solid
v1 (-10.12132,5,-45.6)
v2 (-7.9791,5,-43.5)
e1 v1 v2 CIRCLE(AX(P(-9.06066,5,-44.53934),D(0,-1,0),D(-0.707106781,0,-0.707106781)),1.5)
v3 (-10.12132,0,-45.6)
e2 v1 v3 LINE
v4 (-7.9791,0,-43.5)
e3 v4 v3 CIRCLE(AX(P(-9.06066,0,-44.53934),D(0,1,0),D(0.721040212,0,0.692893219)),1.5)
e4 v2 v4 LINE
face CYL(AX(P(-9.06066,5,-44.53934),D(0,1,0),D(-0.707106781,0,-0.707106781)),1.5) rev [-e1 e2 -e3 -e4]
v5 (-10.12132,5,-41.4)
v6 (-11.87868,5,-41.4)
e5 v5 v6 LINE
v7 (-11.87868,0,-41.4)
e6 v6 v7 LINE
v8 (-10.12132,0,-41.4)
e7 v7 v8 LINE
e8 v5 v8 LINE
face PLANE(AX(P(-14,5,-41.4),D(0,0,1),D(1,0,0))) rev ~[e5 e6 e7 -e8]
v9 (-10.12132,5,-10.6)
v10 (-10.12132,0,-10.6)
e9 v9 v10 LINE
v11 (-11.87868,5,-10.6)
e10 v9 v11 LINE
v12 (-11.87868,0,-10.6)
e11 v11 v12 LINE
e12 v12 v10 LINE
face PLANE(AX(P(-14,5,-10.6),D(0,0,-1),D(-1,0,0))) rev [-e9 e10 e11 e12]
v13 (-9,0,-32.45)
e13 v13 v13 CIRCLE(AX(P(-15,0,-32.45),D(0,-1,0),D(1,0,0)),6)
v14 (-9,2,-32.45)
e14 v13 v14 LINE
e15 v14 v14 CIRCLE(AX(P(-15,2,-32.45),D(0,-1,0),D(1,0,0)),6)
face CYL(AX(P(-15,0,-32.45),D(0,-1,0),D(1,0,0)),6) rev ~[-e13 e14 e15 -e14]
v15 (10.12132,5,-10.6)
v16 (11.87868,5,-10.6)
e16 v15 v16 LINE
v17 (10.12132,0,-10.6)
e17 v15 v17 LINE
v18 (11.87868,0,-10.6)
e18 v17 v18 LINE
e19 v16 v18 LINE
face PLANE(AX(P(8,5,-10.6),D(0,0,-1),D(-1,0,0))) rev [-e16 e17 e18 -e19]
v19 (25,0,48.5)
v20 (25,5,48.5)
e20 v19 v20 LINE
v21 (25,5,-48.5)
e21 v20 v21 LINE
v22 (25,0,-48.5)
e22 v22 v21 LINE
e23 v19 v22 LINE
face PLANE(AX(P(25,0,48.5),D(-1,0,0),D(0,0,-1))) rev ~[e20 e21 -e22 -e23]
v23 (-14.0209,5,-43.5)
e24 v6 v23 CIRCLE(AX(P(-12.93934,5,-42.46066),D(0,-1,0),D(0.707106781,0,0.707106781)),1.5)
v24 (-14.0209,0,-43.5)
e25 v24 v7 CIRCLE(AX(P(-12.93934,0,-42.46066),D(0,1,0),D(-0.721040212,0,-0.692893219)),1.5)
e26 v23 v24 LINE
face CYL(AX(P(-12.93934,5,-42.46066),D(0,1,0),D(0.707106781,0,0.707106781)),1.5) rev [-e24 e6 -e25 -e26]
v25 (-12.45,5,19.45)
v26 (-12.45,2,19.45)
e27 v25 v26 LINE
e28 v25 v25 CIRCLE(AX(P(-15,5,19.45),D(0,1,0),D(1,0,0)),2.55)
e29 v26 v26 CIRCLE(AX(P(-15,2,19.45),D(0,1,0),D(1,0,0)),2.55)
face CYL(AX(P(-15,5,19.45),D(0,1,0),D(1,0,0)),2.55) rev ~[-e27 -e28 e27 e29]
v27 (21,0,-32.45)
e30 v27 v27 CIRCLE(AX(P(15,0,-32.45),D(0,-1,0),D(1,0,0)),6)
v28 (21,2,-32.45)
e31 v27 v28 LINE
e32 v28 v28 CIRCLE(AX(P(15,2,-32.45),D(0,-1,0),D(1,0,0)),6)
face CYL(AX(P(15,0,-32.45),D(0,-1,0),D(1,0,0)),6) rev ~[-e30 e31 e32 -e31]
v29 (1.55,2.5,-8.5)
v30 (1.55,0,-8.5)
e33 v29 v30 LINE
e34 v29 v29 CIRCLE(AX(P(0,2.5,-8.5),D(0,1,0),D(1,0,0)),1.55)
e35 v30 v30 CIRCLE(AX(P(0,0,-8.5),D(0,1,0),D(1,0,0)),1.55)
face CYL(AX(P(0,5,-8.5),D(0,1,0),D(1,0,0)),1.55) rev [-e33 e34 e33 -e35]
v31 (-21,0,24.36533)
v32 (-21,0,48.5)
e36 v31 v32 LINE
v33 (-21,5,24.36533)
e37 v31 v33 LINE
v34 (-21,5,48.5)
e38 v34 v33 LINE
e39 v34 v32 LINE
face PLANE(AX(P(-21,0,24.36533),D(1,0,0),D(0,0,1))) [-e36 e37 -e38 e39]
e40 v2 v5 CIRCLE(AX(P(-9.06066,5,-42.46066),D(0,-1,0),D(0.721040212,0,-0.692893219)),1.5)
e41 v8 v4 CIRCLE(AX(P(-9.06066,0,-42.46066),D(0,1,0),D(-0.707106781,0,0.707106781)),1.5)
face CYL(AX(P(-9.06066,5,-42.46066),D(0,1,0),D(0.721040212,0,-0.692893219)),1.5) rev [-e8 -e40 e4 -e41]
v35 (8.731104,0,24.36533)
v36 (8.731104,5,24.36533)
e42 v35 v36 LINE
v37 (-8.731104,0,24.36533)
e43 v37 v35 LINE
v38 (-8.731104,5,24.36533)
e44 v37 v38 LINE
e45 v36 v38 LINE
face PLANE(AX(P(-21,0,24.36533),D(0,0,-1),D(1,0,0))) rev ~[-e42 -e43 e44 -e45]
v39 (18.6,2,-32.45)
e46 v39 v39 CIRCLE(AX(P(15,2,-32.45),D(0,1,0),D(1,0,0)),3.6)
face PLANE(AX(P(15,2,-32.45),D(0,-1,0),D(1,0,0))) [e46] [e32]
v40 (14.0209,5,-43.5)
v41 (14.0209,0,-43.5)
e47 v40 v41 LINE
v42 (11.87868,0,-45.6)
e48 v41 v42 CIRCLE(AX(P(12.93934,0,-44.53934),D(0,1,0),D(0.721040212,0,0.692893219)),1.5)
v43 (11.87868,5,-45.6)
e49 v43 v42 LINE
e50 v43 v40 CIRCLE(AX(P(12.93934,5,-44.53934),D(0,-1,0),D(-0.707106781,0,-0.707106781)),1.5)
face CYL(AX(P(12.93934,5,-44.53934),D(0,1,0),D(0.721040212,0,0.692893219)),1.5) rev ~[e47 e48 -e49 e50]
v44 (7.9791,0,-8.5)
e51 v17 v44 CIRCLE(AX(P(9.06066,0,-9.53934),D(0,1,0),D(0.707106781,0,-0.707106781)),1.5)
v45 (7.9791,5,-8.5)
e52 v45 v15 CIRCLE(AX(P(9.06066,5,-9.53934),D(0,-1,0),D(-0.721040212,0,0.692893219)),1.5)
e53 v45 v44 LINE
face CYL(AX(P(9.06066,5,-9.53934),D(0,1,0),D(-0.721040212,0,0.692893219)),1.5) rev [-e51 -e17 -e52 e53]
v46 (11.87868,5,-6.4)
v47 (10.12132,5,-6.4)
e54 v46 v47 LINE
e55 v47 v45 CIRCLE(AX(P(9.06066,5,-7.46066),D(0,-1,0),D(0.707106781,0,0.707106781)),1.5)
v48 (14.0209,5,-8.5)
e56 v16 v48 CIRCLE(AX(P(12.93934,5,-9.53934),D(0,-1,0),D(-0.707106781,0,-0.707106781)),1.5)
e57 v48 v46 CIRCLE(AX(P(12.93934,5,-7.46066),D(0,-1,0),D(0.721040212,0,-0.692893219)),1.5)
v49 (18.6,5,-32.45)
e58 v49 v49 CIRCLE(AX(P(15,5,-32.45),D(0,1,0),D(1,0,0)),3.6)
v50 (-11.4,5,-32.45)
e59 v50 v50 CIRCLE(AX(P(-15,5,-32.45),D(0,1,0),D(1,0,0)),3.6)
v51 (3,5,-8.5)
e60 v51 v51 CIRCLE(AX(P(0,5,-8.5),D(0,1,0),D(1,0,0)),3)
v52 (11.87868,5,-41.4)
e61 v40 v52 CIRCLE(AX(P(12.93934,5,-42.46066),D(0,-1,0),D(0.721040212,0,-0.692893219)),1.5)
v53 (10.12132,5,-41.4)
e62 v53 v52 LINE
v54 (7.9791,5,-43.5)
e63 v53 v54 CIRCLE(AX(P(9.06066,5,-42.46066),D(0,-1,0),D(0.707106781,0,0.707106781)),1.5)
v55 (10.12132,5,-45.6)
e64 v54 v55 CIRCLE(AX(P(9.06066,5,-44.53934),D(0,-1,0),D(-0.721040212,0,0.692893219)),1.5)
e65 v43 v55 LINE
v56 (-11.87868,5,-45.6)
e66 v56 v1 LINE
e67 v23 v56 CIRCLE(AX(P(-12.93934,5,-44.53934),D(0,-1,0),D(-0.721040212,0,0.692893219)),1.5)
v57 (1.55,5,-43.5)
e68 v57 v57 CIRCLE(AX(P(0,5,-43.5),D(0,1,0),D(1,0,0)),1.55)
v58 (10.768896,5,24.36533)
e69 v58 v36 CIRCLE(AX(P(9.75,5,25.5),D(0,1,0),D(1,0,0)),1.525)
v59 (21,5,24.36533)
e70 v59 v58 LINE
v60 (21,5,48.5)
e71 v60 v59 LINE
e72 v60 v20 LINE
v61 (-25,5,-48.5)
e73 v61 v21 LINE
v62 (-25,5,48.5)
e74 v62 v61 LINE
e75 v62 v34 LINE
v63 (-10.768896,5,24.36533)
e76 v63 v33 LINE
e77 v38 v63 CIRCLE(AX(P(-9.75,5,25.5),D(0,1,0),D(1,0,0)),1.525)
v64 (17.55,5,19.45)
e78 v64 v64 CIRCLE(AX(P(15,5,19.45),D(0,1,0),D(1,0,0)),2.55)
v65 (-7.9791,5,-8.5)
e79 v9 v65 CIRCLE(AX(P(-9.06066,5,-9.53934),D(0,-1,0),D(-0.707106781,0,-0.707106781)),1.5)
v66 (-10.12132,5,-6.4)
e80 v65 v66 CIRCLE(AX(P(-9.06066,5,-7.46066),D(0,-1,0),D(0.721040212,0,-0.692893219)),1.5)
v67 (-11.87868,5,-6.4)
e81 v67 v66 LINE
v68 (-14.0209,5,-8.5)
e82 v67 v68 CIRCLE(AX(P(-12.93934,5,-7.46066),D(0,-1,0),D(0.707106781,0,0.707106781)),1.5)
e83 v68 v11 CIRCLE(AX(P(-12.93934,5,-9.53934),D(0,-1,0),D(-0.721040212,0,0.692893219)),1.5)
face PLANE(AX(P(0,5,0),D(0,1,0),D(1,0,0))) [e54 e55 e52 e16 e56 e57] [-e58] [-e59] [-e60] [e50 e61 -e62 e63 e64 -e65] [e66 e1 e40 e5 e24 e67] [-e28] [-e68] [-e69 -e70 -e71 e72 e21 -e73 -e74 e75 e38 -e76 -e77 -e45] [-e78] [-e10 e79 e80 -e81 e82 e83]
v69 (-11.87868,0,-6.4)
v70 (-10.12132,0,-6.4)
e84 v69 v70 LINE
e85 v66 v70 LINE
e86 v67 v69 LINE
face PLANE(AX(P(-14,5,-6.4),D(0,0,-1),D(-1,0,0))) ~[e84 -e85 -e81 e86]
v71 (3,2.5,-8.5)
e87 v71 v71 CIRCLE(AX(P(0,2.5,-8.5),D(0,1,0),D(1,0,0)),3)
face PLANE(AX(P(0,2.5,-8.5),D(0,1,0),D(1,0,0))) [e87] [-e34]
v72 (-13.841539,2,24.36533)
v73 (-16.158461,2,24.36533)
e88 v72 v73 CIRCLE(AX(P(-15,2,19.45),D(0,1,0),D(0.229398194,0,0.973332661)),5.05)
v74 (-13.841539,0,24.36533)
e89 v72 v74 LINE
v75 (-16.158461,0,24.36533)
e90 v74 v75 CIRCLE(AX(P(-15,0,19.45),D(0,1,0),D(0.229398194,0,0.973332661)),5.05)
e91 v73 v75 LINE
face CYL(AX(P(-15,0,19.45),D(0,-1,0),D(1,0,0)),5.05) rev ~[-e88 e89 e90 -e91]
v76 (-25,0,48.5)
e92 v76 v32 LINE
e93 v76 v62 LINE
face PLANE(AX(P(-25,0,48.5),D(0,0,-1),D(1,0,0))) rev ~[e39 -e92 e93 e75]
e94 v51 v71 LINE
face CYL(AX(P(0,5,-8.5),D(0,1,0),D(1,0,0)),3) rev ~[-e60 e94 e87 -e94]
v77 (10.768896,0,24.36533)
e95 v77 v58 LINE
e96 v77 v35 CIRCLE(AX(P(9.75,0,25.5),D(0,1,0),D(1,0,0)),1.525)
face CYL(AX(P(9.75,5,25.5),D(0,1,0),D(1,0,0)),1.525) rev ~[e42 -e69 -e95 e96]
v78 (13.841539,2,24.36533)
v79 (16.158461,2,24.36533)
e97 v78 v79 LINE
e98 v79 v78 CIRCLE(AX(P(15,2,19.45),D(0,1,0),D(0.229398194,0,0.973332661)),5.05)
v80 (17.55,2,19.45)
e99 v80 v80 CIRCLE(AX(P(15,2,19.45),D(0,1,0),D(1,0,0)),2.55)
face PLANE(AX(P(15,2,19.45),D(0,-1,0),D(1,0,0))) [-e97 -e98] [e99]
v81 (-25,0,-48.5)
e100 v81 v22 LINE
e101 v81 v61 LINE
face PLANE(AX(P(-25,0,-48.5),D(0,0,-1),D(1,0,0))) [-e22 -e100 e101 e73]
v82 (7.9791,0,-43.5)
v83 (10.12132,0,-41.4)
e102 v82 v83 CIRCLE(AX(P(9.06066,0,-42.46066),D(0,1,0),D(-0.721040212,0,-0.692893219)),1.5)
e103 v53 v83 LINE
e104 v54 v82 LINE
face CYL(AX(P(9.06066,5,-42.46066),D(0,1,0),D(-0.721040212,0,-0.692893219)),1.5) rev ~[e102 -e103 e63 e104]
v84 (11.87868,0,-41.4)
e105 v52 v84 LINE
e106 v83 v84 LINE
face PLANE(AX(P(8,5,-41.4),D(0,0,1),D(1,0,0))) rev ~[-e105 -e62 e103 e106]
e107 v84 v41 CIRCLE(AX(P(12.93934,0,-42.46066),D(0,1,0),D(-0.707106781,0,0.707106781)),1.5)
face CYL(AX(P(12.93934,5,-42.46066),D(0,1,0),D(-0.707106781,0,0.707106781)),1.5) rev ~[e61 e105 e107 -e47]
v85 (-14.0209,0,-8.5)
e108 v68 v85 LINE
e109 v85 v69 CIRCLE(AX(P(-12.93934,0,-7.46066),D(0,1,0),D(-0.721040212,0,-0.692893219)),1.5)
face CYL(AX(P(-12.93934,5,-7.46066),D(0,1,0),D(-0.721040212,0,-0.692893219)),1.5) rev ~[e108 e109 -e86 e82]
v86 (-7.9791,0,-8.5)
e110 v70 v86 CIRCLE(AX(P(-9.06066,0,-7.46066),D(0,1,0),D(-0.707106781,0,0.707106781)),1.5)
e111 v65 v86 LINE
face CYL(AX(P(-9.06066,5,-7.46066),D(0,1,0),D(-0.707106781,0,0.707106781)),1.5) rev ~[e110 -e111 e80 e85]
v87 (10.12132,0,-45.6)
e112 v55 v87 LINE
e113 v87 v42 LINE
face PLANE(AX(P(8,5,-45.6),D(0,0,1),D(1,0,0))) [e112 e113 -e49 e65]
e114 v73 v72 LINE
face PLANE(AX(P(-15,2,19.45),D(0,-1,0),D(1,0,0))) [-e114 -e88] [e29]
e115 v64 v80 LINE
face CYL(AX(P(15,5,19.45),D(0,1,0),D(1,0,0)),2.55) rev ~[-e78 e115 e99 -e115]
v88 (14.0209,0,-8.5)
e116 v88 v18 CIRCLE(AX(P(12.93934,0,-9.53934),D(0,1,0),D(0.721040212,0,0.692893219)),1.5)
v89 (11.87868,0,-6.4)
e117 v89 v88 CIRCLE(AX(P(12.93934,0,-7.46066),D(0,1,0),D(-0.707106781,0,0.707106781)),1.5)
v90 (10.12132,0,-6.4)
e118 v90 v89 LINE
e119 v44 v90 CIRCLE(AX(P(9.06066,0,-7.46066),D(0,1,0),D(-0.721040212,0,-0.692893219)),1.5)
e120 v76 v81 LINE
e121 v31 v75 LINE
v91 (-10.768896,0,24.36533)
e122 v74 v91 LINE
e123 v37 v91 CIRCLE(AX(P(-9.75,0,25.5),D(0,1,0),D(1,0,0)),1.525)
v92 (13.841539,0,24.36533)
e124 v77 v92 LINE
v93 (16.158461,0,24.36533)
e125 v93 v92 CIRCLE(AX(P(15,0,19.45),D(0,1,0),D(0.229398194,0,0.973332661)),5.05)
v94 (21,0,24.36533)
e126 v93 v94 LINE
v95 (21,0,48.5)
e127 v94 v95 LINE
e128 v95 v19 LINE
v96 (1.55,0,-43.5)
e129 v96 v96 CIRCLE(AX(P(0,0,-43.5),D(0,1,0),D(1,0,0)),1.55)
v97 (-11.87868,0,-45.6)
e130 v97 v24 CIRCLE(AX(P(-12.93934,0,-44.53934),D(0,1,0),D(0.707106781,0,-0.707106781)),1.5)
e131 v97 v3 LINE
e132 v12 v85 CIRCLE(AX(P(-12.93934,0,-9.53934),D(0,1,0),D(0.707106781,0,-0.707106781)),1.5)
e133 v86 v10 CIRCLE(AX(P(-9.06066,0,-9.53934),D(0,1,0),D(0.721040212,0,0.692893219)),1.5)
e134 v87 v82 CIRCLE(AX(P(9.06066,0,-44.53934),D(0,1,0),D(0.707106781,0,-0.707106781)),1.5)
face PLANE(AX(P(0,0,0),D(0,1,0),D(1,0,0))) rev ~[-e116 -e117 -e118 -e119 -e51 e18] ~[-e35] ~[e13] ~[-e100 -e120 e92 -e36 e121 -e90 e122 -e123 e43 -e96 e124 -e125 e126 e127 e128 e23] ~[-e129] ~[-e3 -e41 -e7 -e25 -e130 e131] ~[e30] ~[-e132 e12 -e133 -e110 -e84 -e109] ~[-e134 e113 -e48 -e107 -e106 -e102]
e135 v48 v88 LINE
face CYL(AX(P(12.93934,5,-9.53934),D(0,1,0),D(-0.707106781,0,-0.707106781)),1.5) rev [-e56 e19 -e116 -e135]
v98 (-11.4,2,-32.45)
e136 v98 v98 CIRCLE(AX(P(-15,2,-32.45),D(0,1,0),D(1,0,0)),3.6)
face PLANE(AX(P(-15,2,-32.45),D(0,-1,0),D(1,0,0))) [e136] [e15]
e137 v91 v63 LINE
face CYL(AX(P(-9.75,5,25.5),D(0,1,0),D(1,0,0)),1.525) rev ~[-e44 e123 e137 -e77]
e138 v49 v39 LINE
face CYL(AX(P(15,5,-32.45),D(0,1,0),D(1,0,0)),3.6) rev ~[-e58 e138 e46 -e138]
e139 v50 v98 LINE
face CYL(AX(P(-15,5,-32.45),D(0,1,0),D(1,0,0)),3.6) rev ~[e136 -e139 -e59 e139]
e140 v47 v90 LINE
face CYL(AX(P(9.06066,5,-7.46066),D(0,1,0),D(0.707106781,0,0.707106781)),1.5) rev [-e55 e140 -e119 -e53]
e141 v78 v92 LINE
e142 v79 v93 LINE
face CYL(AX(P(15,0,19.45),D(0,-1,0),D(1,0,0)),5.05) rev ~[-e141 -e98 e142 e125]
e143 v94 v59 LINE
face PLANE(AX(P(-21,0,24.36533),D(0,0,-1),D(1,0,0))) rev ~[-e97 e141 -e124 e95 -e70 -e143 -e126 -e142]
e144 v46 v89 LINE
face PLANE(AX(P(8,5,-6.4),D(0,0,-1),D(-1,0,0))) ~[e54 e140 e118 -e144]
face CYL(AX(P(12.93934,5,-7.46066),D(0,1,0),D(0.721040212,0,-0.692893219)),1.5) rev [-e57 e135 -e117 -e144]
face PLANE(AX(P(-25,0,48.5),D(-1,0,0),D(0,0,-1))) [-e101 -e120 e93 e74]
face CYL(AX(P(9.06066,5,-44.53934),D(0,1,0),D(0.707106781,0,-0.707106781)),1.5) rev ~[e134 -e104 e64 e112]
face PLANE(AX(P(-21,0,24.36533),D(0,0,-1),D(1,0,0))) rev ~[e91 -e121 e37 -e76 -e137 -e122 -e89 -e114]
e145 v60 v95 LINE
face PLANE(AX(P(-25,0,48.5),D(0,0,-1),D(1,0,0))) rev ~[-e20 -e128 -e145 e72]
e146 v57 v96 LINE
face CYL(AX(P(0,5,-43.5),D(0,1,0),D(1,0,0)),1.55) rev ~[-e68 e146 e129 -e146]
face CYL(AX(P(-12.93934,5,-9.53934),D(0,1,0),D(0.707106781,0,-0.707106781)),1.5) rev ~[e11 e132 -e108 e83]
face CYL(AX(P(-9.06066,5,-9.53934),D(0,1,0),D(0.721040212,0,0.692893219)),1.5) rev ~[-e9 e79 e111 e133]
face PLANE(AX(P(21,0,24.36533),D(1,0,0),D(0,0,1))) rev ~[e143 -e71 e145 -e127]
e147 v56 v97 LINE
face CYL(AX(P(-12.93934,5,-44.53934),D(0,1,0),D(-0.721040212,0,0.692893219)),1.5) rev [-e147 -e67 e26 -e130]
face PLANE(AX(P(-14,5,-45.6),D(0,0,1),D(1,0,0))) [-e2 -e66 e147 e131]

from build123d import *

# Parameters (mm, degrees)
CROQUIS1_W              = 50
CROQUIS1_H              = 97
SALIENTE_EXTRUIR1_DEPTH = 5
CROQUIS2_R              = 3.6
CROQUIS2_R_2            = 2.55
CORTAR_EXTRUIR2_DEPTH   = 6
CROQUIS4_R              = 6
CROQUIS4_R_2            = 5.05
CORTAR_EXTRUIR3_DEPTH   = 2
CROQUIS5_R              = 1.55
CROQUIS5_W              = 6
CROQUIS5_H              = 4.2
CORTAR_EXTRUIR4_DEPTH   = 6
CORTAR_EXTRUIR6_DEPTH   = 6
CROQUIS14_R             = 3
CORTAR_EXTRUIR9_DEPTH   = 2.5
CROQUIS18_R             = 10.5
CROQUIS18_R_2           = 1.525
CORTAR_EXTRUIR10_DEPTH  = 6
CROQUIS20_W             = 42
CROQUIS20_H             = 25.956058456
CORTAR_EXTRUIR11_DEPTH  = 6


with BuildPart() as part:
    # Croquis1 → Saliente-Extruir1 (new body)
    with BuildSketch(Plane(origin=(0, 0, 0), x_dir=(1, 0, 0), z_dir=(0, 1, 0))):
        Rectangle(CROQUIS1_W, CROQUIS1_H)
    extrude(amount=SALIENTE_EXTRUIR1_DEPTH)

    # Croquis2 → Cortar-Extruir2 (cut, through all)
    with BuildSketch(Plane(origin=(0, 5, 0), x_dir=(1, 0, 0), z_dir=(0, 1, 0))):
        with Locations((-15, 32.45)):
            Circle(CROQUIS2_R)
        with Locations((15, 32.45)):
            Circle(CROQUIS2_R)
        with Locations((15, -19.45)):
            Circle(CROQUIS2_R_2)
        with Locations((-15, -19.45)):
            Circle(CROQUIS2_R_2)
    extrude(amount=-CORTAR_EXTRUIR2_DEPTH, mode=Mode.SUBTRACT)

    # Croquis4 → Cortar-Extruir3 (cut)
    with BuildSketch(Plane.XZ):
        with Locations((15, -32.45)):
            Circle(CROQUIS4_R)
        with Locations((-15, -32.45)):
            Circle(CROQUIS4_R)
        with Locations((-15, 19.45)):
            Circle(CROQUIS4_R_2)
        with Locations((15, 19.45)):
            Circle(CROQUIS4_R_2)
    extrude(amount=-CORTAR_EXTRUIR3_DEPTH, mode=Mode.SUBTRACT)

    # Croquis5 → Cortar-Extruir4 (cut, through all)
    with BuildSketch(Plane(origin=(0, 5, 0), x_dir=(1, 0, 0), z_dir=(0, 1, 0))):
        with Locations((0, 43.5)):
            Circle(CROQUIS5_R)
        with Locations((-11, 43.5)):
            Rectangle(CROQUIS5_W, CROQUIS5_H)
        with Locations((11, 43.5)):
            Rectangle(CROQUIS5_W, CROQUIS5_H)
    cortar_extruir4 = extrude(amount=-CORTAR_EXTRUIR4_DEPTH, mode=Mode.SUBTRACT)

    # Croquis8 → Cortar-Extruir6 (cut, through all)
    with BuildSketch(Plane(origin=(0, 5, 0), x_dir=(1, 0, 0), z_dir=(0, 1, 0))):
        with BuildLine():
            Line((-11.878679656, 45.6), (-10.121320344, 45.6))
            ThreePointArc((-10.121320344, 45.6), (-8.010608171, 45.610503119), (-7.979099854, 43.5))
            ThreePointArc((-7.979099854, 43.5), (-8.010608171, 41.389496881), (-10.121320344, 41.4))
            Line((-10.121320344, 41.4), (-11.878679656, 41.4))
            ThreePointArc((-11.878679656, 41.4), (-13.989391829, 41.389496881), (-14.020900146, 43.5))
            ThreePointArc((-14.020900146, 43.5), (-13.989391829, 45.610503119), (-11.878679656, 45.6))
        make_face()
        with BuildLine():
            Line((10.121320344, 41.4), (11.878679656, 41.4))
            ThreePointArc((11.878679656, 41.4), (13.989391829, 41.389496881), (14.020900146, 43.5))
            ThreePointArc((14.020900146, 43.5), (13.989391829, 45.610503119), (11.878679656, 45.6))
            Line((11.878679656, 45.6), (10.121320344, 45.6))
            ThreePointArc((10.121320344, 45.6), (8.010608171, 45.610503119), (7.979099854, 43.5))
            ThreePointArc((7.979099854, 43.5), (8.010608171, 41.389496881), (10.121320344, 41.4))
        make_face()
    cortar_extruir6 = extrude(amount=-CORTAR_EXTRUIR6_DEPTH, mode=Mode.SUBTRACT)

    # Simetría1: Cortar-Extruir4, Cortar-Extruir6 across plane
    add(cortar_extruir4.mirror(Plane.XY.offset(-26)), mode=Mode.SUBTRACT)
    add(cortar_extruir6.mirror(Plane.XY.offset(-26)), mode=Mode.SUBTRACT)

    # Croquis14 → Cortar-Extruir9 (cut)
    with BuildSketch(Plane(origin=(0, 5, 0), x_dir=(1, 0, 0), z_dir=(0, 1, 0))):
        with Locations((0, 8.5)):
            Circle(CROQUIS14_R)
    extrude(amount=-CORTAR_EXTRUIR9_DEPTH, mode=Mode.SUBTRACT)

    # Croquis18 → Cortar-Extruir10 (cut, through all)
    with BuildSketch(Plane(origin=(0, 5, 0), x_dir=(1, 0, 0), z_dir=(0, 1, 0))):
        with Locations((0, -35.5)):
            Circle(CROQUIS18_R)
        with Locations((9.75, -45.5)):
            Circle(CROQUIS18_R_2)
        with Locations((-9.75, -45.5)):
            Circle(CROQUIS18_R_2)
        with Locations((9.75, -25.5)):
            Circle(CROQUIS18_R_2)
        with Locations((-9.75, -25.5)):
            Circle(CROQUIS18_R_2)
    extrude(amount=-CORTAR_EXTRUIR10_DEPTH, mode=Mode.SUBTRACT)

    # Croquis20 → Cortar-Extruir11 (cut, through all)
    with BuildSketch(Plane.XZ):
        with Locations((0, 37.343359165)):
            Rectangle(CROQUIS20_W, CROQUIS20_H)
    extrude(amount=-CORTAR_EXTRUIR11_DEPTH, mode=Mode.SUBTRACT)


solid = part.part
